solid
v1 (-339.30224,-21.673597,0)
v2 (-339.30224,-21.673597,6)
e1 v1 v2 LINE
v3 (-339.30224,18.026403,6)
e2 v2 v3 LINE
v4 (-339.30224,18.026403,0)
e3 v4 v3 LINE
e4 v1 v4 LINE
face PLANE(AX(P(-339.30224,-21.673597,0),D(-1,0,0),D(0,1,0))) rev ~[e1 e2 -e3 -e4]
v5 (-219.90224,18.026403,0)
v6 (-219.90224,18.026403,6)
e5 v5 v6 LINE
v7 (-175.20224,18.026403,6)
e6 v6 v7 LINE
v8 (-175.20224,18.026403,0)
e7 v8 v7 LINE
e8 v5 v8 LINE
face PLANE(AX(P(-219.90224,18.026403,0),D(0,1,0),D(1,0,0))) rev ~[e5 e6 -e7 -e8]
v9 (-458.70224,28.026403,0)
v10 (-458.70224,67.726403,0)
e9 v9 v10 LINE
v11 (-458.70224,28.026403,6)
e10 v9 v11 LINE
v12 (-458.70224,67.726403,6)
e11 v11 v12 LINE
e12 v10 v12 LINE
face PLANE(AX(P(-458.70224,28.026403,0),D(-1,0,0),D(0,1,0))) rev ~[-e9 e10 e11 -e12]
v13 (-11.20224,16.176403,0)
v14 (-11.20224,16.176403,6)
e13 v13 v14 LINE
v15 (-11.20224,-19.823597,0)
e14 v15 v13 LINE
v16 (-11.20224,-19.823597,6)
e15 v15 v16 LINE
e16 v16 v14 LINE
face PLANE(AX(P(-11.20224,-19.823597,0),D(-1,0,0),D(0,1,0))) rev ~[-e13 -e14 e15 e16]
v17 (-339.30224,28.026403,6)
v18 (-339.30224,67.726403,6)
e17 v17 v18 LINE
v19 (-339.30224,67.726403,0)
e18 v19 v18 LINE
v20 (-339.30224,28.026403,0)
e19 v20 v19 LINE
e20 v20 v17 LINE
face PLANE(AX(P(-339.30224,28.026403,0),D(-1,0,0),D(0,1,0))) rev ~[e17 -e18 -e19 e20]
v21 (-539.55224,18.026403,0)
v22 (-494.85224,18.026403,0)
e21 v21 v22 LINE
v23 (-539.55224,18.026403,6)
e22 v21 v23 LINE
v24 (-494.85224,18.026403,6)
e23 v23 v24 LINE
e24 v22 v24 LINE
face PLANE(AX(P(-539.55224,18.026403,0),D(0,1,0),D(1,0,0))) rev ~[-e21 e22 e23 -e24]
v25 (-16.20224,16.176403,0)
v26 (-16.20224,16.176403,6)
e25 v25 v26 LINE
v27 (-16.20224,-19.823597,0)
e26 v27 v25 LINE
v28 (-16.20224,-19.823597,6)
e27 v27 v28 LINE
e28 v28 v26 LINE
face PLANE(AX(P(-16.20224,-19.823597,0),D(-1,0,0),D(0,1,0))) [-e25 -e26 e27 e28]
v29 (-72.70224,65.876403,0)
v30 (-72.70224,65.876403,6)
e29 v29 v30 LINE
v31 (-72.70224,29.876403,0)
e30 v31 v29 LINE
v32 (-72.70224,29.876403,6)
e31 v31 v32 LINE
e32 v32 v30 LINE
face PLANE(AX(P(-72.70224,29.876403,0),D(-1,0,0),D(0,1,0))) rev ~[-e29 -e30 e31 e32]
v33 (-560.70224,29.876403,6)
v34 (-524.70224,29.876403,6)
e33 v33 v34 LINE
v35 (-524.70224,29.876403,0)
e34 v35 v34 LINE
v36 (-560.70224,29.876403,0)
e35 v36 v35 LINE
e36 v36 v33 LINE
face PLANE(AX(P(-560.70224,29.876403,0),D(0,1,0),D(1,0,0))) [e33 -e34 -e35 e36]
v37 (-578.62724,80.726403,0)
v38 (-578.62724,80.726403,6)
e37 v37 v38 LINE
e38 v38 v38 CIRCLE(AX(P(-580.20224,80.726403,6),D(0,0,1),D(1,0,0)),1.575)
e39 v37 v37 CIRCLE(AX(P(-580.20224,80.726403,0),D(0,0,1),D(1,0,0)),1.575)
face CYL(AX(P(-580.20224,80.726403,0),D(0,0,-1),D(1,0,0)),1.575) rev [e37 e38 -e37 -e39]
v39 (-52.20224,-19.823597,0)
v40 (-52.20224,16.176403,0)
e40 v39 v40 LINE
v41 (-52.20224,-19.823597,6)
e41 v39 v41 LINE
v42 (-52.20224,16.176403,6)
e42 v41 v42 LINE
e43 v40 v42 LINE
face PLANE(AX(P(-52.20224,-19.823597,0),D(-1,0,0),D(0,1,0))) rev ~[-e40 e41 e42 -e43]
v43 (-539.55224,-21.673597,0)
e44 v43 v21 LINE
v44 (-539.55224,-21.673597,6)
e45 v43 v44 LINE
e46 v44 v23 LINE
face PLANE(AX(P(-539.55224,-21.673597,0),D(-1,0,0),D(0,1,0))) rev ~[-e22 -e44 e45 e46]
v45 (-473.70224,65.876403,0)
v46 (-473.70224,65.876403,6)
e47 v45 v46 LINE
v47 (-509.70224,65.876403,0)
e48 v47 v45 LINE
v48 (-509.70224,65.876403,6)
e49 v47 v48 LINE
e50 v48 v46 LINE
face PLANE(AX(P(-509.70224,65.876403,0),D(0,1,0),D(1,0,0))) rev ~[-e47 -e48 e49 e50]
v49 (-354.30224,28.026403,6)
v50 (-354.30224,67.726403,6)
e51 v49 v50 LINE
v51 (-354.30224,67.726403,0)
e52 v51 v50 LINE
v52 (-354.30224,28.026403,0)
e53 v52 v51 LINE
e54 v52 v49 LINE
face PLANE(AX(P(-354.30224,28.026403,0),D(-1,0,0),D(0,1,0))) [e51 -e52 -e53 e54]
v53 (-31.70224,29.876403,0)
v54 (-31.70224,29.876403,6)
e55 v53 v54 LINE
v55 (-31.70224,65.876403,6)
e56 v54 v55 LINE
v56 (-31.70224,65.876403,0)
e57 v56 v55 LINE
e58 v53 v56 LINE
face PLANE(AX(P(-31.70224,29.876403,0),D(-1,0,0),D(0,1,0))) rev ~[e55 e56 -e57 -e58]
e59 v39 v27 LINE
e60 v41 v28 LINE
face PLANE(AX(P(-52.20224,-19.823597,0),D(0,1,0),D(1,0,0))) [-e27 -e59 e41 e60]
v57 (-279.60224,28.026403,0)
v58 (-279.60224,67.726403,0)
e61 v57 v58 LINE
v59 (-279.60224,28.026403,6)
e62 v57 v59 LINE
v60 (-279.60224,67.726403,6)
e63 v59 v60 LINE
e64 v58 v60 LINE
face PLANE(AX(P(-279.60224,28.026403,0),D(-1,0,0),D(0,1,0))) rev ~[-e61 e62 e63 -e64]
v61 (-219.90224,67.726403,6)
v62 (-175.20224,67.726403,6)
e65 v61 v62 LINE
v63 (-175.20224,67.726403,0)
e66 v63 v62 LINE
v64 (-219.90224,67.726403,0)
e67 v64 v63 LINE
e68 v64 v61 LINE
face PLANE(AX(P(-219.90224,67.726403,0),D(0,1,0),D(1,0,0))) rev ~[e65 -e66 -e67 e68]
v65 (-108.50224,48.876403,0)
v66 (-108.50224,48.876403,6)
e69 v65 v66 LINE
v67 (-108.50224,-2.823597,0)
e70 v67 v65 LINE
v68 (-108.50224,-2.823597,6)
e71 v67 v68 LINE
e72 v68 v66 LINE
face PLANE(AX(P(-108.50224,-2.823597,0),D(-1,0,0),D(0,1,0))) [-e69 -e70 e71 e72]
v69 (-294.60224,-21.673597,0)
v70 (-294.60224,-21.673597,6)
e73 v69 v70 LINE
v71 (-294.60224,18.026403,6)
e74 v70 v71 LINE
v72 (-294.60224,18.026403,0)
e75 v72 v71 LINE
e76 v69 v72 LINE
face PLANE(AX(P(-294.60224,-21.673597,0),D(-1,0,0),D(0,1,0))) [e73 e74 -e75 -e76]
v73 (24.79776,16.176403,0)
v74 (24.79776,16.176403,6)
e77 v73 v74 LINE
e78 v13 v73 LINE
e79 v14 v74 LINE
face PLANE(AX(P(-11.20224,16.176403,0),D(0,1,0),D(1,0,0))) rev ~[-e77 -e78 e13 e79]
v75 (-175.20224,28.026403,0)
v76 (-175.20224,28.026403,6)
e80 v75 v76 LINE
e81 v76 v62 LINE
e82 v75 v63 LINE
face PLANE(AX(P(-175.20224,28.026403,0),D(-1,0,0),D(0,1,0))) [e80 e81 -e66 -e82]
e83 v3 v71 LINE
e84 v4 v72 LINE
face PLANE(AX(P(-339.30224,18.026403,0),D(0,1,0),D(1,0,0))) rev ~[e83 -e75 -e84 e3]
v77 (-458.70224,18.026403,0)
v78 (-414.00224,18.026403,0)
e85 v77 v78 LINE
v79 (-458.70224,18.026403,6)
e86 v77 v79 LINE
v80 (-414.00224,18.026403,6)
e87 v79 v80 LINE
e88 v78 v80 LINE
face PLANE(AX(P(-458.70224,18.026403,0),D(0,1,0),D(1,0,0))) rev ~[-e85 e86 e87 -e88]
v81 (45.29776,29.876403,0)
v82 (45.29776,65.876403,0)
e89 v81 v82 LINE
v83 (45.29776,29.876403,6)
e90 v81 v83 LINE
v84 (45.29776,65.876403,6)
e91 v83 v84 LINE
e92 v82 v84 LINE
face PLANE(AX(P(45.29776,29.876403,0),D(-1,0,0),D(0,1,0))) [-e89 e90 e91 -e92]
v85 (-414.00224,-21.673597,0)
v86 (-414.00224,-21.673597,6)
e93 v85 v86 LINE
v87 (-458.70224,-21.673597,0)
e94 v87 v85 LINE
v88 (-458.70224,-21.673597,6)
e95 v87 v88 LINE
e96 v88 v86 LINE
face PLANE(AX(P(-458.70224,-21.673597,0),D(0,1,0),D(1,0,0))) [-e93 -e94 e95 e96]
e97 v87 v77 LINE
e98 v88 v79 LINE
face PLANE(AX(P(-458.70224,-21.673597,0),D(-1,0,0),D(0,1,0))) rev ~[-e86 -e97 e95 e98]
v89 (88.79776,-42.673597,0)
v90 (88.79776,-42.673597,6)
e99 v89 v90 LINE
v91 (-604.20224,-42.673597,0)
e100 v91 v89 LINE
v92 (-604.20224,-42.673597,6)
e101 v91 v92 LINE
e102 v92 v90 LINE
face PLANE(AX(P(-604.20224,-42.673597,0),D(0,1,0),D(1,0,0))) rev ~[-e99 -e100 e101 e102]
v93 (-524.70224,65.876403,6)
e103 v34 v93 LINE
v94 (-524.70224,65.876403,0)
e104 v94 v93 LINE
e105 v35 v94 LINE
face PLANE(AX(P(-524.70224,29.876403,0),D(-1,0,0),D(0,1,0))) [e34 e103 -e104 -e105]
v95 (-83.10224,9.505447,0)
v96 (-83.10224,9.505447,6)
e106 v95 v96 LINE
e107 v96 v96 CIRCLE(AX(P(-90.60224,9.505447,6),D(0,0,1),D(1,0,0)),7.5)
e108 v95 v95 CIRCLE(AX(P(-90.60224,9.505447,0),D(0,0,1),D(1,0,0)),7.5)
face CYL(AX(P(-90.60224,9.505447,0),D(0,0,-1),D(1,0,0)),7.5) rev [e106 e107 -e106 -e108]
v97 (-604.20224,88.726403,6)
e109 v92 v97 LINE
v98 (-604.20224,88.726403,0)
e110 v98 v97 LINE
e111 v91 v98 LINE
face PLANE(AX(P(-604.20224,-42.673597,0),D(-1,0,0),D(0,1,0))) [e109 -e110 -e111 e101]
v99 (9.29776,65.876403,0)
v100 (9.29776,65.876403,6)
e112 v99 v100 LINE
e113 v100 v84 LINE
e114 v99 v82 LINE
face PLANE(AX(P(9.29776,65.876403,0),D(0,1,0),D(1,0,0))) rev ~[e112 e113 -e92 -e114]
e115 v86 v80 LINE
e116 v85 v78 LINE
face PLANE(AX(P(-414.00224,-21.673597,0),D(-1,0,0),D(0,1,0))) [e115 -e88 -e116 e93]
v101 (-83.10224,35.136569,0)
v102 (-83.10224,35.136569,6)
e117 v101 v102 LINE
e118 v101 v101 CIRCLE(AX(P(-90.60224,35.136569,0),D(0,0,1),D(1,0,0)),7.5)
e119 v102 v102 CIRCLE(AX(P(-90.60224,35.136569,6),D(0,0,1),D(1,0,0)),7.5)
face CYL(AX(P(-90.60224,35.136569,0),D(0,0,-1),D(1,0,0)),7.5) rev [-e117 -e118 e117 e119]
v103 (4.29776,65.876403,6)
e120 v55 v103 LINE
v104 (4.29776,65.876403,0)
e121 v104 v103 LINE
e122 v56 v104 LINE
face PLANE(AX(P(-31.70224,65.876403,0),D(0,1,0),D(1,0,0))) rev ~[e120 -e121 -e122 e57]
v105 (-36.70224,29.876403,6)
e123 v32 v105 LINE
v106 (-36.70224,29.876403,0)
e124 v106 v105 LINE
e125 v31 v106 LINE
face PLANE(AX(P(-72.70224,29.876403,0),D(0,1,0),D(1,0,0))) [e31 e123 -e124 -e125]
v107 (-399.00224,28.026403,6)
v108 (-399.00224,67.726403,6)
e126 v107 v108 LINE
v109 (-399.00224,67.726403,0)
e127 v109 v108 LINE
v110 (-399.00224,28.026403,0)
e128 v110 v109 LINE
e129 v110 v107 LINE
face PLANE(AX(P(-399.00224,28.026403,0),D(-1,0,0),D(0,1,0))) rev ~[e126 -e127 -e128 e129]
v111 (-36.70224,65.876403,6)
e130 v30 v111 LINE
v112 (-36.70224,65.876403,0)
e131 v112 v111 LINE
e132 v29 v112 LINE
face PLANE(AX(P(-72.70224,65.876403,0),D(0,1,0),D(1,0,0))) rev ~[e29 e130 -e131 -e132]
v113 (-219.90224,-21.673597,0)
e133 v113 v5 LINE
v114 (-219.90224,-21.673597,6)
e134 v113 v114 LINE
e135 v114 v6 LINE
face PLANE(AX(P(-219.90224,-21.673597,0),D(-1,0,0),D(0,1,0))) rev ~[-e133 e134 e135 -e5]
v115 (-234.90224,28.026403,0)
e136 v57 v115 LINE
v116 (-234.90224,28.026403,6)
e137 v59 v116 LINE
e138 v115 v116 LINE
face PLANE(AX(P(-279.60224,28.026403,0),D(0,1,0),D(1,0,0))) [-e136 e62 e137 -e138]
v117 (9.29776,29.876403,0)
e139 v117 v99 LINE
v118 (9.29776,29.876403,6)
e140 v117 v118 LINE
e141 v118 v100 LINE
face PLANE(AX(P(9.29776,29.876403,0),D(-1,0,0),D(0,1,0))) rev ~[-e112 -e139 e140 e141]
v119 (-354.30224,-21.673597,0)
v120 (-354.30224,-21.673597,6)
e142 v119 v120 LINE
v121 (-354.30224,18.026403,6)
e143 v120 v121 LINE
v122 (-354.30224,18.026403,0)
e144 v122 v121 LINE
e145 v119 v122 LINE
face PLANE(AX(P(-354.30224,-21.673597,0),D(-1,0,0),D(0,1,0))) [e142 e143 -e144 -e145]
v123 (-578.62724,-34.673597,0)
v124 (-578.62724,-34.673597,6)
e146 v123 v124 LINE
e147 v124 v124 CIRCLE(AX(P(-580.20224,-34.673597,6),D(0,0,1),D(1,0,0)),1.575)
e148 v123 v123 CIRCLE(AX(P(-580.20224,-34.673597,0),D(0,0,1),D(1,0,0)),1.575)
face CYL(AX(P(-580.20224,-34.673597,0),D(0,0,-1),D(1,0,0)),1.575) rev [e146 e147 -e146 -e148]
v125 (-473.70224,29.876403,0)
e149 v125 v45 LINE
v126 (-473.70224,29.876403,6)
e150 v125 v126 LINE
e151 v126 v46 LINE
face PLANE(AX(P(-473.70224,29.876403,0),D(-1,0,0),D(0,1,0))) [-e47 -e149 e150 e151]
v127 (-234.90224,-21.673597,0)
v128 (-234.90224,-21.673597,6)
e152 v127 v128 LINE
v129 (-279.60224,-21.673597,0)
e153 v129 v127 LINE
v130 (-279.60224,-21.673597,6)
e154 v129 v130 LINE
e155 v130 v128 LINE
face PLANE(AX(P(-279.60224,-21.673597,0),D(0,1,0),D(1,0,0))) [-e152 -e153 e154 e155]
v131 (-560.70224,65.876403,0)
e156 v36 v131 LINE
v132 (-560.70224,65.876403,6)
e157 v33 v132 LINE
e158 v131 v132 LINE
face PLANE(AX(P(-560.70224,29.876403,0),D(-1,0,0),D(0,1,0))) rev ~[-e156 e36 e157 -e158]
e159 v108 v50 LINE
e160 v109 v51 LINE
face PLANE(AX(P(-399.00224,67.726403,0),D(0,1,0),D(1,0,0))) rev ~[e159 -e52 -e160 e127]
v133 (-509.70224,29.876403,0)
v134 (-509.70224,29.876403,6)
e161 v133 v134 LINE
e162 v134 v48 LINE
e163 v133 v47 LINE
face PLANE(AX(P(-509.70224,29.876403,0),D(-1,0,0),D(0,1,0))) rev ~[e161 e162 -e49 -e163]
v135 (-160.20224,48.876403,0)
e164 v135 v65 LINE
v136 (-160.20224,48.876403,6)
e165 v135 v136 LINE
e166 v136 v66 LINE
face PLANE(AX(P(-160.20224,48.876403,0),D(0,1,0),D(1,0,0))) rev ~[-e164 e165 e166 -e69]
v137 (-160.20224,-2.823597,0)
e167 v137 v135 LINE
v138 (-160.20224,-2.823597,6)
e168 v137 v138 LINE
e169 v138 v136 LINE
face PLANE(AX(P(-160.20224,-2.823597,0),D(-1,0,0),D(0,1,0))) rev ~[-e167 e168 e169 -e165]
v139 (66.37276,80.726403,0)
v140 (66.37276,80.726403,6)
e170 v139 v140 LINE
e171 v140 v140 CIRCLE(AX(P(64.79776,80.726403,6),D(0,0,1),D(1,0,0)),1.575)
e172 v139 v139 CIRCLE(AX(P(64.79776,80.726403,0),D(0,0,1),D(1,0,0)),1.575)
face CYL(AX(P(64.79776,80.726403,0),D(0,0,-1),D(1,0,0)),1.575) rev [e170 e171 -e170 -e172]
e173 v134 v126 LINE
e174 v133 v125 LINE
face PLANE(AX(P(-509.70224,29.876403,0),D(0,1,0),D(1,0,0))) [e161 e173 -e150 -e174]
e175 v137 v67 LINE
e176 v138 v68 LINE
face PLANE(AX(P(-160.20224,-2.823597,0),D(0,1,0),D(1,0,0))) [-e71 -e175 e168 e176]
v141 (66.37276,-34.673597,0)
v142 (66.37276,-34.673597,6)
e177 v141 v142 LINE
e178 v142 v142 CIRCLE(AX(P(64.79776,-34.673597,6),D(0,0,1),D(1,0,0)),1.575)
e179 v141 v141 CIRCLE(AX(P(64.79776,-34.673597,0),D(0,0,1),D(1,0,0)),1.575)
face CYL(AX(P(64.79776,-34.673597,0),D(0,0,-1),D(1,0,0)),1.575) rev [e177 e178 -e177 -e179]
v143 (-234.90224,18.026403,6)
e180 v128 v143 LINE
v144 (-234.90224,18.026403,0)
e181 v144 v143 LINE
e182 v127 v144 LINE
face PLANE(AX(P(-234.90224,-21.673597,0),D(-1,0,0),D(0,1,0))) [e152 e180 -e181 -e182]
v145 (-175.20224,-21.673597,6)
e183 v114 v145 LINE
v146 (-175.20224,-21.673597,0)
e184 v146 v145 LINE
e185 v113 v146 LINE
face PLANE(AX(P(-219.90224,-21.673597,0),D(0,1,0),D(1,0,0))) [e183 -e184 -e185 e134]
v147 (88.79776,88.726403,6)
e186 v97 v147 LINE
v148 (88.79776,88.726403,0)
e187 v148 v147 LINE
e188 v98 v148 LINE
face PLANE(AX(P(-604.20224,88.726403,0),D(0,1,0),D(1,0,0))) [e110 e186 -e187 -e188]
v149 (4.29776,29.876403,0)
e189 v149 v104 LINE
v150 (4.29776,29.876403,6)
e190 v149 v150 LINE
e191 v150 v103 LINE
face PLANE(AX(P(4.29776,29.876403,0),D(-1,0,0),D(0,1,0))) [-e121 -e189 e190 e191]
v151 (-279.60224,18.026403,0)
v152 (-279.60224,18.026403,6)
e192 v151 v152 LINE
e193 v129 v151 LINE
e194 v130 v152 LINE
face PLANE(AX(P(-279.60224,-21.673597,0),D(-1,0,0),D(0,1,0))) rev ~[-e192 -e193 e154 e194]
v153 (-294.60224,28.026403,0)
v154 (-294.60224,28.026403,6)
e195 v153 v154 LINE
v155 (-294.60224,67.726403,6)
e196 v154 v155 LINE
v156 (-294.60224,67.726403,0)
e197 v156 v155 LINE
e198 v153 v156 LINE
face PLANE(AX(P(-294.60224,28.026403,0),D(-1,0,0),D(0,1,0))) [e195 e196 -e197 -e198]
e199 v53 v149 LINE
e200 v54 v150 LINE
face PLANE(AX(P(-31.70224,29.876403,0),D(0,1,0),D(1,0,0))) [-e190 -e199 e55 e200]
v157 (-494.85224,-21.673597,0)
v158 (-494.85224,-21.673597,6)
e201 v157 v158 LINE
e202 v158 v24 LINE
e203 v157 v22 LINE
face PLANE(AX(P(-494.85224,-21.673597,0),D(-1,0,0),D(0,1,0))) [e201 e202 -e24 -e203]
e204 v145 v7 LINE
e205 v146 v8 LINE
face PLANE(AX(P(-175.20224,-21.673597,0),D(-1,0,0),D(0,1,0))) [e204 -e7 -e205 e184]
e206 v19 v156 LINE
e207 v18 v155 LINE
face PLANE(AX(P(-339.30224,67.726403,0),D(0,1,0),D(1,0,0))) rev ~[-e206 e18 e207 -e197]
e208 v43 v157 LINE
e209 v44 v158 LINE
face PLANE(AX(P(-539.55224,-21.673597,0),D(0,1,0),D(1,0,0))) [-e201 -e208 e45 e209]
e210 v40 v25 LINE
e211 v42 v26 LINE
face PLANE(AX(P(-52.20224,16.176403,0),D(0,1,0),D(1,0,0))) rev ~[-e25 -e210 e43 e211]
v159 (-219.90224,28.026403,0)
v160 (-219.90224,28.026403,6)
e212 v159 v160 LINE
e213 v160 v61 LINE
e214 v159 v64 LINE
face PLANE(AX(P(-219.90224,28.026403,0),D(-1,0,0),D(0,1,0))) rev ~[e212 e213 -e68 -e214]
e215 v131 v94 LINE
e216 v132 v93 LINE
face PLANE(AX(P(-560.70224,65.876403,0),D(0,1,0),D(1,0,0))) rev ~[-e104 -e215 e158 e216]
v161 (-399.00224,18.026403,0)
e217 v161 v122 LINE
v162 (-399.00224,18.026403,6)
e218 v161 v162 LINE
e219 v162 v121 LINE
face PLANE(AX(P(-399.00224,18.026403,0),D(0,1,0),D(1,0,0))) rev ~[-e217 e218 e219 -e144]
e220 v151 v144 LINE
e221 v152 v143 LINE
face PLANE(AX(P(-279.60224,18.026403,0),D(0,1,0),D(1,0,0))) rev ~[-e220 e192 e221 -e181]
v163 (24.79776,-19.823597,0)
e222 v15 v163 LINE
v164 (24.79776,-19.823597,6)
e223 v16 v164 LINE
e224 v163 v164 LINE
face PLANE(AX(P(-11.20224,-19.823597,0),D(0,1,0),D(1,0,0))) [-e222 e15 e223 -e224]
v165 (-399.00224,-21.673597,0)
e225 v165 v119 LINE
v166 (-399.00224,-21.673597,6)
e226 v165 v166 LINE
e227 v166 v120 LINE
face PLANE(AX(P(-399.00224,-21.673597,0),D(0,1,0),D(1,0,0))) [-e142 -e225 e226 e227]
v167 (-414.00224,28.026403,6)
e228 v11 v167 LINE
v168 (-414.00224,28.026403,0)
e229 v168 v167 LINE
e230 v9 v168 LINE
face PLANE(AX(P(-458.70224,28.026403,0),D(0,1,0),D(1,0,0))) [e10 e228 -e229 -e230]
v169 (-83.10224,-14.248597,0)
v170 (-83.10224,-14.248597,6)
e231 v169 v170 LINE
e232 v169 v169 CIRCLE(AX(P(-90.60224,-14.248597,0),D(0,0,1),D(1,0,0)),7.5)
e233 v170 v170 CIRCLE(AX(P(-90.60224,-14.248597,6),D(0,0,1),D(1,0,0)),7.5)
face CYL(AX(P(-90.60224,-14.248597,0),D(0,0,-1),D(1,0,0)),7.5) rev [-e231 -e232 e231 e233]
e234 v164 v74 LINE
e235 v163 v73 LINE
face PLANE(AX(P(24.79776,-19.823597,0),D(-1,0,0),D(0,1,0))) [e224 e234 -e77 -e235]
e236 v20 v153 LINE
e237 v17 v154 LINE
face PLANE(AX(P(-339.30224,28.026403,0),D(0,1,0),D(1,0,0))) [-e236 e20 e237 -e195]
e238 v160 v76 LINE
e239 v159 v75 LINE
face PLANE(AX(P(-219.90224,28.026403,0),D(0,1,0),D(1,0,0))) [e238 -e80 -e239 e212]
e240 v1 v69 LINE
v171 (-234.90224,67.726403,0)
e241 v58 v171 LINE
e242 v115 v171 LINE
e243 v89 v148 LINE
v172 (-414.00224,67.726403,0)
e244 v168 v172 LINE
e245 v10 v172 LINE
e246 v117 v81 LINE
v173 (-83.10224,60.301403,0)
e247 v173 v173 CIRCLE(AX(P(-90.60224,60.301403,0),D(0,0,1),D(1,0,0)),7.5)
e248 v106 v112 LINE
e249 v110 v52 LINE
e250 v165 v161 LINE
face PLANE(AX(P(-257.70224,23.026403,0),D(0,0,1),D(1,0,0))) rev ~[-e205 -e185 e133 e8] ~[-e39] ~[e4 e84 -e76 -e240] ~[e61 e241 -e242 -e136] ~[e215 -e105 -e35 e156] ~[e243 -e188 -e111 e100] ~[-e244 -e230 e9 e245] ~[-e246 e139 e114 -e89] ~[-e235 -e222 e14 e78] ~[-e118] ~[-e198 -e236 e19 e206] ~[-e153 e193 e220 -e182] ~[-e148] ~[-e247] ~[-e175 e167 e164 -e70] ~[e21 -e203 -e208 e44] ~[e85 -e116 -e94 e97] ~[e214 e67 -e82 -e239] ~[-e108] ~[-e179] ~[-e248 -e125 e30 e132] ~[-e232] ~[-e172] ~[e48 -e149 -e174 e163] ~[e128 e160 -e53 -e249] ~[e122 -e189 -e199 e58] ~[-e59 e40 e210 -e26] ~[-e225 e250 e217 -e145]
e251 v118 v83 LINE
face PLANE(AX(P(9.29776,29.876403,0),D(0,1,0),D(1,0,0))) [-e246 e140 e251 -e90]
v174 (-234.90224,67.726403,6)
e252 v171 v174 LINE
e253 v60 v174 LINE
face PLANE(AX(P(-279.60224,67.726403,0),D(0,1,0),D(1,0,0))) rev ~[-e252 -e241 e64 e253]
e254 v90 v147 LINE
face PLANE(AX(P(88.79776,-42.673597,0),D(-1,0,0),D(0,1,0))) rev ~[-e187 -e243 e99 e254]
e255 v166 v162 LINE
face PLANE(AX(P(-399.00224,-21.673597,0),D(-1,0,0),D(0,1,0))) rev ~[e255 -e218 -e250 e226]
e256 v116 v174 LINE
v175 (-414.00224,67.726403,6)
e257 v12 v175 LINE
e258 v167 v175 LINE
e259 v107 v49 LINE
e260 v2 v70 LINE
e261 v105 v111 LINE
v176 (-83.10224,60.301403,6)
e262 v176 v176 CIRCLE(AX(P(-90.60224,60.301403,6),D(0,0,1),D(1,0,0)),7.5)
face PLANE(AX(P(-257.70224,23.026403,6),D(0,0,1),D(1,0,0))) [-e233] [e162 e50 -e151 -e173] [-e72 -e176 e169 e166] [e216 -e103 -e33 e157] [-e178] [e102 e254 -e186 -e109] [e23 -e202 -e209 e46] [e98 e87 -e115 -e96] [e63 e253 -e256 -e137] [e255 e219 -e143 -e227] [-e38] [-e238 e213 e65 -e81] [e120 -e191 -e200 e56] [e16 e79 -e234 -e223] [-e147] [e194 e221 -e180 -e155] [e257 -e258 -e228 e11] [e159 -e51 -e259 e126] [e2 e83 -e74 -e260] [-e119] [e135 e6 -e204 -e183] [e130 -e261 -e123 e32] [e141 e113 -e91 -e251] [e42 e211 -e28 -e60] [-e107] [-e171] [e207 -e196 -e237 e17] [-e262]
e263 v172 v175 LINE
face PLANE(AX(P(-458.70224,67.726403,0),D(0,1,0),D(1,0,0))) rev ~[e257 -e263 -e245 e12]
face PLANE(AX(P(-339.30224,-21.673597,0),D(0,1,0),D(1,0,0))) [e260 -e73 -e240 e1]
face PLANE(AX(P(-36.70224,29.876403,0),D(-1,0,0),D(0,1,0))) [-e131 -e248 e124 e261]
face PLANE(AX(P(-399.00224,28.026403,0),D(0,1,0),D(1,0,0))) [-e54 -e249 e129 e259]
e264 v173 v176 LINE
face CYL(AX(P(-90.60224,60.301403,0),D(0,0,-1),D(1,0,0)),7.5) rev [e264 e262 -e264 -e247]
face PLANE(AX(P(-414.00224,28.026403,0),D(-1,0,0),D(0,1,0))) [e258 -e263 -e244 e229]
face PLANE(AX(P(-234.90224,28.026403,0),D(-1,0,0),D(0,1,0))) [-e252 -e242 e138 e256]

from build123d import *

# Parameters (mm, degrees)
F0_W     = 693
F0_H     = 131.4
F0_R     = 1.575
F0_W_2   = 44.7
F0_H_2   = 39.7
F0_R_2   = 7.5
F0_W_3   = 36
F0_H_3   = 36
F0_W_4   = 51.7
F0_H_4   = 51.7
F1_DEPTH = 6


with BuildPart() as f1:
    # F0 (on Top) → F1 (new body)
    with BuildSketch(Plane.XY):
        with Locations((-257.70224, 23.026403)):
            Rectangle(F0_W, F0_H)
        with Locations((-580.20224, -34.673597)):
            Circle(F0_R, mode=Mode.SUBTRACT)
        with Locations((-517.20224, -1.823597)):
            Rectangle(F0_W_2, F0_H_2, mode=Mode.SUBTRACT)
        with Locations((-436.35224, -1.823597)):
            Rectangle(F0_W_2, F0_H_2, mode=Mode.SUBTRACT)
        with Locations((-376.65224, -1.823597)):
            Rectangle(F0_W_2, F0_H_2, mode=Mode.SUBTRACT)
        with Locations((-316.95224, -1.823597)):
            Rectangle(F0_W_2, F0_H_2, mode=Mode.SUBTRACT)
        with Locations((-90.60224, -14.248597)):
            Circle(F0_R_2, mode=Mode.SUBTRACT)
        with Locations((64.79776, -34.673597)):
            Circle(F0_R, mode=Mode.SUBTRACT)
        with Locations((-257.25224, -1.823597)):
            Rectangle(F0_W_2, F0_H_2, mode=Mode.SUBTRACT)
        with Locations((-197.55224, -1.823597)):
            Rectangle(F0_W_2, F0_H_2, mode=Mode.SUBTRACT)
        with Locations((-90.60224, 9.505447)):
            Circle(F0_R_2, mode=Mode.SUBTRACT)
        with Locations((-34.20224, -1.823597)):
            Rectangle(F0_W_3, F0_H_3, mode=Mode.SUBTRACT)
        with Locations((6.79776, -1.823597)):
            Rectangle(F0_W_3, F0_H_3, mode=Mode.SUBTRACT)
        with Locations((-542.70224, 47.876403)):
            Rectangle(F0_W_3, F0_H_3, mode=Mode.SUBTRACT)
        with Locations((-491.70224, 47.876403)):
            Rectangle(F0_W_3, F0_H_3, mode=Mode.SUBTRACT)
        with Locations((-436.35224, 47.876403)):
            Rectangle(F0_W_2, F0_H_2, mode=Mode.SUBTRACT)
        with Locations((-376.65224, 47.876403)):
            Rectangle(F0_W_2, F0_H_2, mode=Mode.SUBTRACT)
        with Locations((-316.95224, 47.876403)):
            Rectangle(F0_W_2, F0_H_2, mode=Mode.SUBTRACT)
        with Locations((-580.20224, 80.726403)):
            Circle(F0_R, mode=Mode.SUBTRACT)
        with Locations((-134.35224, 23.026403)):
            Rectangle(F0_W_4, F0_H_4, mode=Mode.SUBTRACT)
        with Locations((-90.60224, 35.136569)):
            Circle(F0_R_2, mode=Mode.SUBTRACT)
        with Locations((-257.25224, 47.876403)):
            Rectangle(F0_W_2, F0_H_2, mode=Mode.SUBTRACT)
        with Locations((-197.55224, 47.876403)):
            Rectangle(F0_W_2, F0_H_2, mode=Mode.SUBTRACT)
        with Locations((-54.70224, 47.876403)):
            Rectangle(F0_W_3, F0_H_3, mode=Mode.SUBTRACT)
        with Locations((-13.70224, 47.876403)):
            Rectangle(F0_W_3, F0_H_3, mode=Mode.SUBTRACT)
        with Locations((27.29776, 47.876403)):
            Rectangle(F0_W_3, F0_H_3, mode=Mode.SUBTRACT)
        with Locations((-90.60224, 60.301403)):
            Circle(F0_R_2, mode=Mode.SUBTRACT)
        with Locations((64.79776, 80.726403)):
            Circle(F0_R, mode=Mode.SUBTRACT)
    extrude(amount=F1_DEPTH)


solid = f1.part
